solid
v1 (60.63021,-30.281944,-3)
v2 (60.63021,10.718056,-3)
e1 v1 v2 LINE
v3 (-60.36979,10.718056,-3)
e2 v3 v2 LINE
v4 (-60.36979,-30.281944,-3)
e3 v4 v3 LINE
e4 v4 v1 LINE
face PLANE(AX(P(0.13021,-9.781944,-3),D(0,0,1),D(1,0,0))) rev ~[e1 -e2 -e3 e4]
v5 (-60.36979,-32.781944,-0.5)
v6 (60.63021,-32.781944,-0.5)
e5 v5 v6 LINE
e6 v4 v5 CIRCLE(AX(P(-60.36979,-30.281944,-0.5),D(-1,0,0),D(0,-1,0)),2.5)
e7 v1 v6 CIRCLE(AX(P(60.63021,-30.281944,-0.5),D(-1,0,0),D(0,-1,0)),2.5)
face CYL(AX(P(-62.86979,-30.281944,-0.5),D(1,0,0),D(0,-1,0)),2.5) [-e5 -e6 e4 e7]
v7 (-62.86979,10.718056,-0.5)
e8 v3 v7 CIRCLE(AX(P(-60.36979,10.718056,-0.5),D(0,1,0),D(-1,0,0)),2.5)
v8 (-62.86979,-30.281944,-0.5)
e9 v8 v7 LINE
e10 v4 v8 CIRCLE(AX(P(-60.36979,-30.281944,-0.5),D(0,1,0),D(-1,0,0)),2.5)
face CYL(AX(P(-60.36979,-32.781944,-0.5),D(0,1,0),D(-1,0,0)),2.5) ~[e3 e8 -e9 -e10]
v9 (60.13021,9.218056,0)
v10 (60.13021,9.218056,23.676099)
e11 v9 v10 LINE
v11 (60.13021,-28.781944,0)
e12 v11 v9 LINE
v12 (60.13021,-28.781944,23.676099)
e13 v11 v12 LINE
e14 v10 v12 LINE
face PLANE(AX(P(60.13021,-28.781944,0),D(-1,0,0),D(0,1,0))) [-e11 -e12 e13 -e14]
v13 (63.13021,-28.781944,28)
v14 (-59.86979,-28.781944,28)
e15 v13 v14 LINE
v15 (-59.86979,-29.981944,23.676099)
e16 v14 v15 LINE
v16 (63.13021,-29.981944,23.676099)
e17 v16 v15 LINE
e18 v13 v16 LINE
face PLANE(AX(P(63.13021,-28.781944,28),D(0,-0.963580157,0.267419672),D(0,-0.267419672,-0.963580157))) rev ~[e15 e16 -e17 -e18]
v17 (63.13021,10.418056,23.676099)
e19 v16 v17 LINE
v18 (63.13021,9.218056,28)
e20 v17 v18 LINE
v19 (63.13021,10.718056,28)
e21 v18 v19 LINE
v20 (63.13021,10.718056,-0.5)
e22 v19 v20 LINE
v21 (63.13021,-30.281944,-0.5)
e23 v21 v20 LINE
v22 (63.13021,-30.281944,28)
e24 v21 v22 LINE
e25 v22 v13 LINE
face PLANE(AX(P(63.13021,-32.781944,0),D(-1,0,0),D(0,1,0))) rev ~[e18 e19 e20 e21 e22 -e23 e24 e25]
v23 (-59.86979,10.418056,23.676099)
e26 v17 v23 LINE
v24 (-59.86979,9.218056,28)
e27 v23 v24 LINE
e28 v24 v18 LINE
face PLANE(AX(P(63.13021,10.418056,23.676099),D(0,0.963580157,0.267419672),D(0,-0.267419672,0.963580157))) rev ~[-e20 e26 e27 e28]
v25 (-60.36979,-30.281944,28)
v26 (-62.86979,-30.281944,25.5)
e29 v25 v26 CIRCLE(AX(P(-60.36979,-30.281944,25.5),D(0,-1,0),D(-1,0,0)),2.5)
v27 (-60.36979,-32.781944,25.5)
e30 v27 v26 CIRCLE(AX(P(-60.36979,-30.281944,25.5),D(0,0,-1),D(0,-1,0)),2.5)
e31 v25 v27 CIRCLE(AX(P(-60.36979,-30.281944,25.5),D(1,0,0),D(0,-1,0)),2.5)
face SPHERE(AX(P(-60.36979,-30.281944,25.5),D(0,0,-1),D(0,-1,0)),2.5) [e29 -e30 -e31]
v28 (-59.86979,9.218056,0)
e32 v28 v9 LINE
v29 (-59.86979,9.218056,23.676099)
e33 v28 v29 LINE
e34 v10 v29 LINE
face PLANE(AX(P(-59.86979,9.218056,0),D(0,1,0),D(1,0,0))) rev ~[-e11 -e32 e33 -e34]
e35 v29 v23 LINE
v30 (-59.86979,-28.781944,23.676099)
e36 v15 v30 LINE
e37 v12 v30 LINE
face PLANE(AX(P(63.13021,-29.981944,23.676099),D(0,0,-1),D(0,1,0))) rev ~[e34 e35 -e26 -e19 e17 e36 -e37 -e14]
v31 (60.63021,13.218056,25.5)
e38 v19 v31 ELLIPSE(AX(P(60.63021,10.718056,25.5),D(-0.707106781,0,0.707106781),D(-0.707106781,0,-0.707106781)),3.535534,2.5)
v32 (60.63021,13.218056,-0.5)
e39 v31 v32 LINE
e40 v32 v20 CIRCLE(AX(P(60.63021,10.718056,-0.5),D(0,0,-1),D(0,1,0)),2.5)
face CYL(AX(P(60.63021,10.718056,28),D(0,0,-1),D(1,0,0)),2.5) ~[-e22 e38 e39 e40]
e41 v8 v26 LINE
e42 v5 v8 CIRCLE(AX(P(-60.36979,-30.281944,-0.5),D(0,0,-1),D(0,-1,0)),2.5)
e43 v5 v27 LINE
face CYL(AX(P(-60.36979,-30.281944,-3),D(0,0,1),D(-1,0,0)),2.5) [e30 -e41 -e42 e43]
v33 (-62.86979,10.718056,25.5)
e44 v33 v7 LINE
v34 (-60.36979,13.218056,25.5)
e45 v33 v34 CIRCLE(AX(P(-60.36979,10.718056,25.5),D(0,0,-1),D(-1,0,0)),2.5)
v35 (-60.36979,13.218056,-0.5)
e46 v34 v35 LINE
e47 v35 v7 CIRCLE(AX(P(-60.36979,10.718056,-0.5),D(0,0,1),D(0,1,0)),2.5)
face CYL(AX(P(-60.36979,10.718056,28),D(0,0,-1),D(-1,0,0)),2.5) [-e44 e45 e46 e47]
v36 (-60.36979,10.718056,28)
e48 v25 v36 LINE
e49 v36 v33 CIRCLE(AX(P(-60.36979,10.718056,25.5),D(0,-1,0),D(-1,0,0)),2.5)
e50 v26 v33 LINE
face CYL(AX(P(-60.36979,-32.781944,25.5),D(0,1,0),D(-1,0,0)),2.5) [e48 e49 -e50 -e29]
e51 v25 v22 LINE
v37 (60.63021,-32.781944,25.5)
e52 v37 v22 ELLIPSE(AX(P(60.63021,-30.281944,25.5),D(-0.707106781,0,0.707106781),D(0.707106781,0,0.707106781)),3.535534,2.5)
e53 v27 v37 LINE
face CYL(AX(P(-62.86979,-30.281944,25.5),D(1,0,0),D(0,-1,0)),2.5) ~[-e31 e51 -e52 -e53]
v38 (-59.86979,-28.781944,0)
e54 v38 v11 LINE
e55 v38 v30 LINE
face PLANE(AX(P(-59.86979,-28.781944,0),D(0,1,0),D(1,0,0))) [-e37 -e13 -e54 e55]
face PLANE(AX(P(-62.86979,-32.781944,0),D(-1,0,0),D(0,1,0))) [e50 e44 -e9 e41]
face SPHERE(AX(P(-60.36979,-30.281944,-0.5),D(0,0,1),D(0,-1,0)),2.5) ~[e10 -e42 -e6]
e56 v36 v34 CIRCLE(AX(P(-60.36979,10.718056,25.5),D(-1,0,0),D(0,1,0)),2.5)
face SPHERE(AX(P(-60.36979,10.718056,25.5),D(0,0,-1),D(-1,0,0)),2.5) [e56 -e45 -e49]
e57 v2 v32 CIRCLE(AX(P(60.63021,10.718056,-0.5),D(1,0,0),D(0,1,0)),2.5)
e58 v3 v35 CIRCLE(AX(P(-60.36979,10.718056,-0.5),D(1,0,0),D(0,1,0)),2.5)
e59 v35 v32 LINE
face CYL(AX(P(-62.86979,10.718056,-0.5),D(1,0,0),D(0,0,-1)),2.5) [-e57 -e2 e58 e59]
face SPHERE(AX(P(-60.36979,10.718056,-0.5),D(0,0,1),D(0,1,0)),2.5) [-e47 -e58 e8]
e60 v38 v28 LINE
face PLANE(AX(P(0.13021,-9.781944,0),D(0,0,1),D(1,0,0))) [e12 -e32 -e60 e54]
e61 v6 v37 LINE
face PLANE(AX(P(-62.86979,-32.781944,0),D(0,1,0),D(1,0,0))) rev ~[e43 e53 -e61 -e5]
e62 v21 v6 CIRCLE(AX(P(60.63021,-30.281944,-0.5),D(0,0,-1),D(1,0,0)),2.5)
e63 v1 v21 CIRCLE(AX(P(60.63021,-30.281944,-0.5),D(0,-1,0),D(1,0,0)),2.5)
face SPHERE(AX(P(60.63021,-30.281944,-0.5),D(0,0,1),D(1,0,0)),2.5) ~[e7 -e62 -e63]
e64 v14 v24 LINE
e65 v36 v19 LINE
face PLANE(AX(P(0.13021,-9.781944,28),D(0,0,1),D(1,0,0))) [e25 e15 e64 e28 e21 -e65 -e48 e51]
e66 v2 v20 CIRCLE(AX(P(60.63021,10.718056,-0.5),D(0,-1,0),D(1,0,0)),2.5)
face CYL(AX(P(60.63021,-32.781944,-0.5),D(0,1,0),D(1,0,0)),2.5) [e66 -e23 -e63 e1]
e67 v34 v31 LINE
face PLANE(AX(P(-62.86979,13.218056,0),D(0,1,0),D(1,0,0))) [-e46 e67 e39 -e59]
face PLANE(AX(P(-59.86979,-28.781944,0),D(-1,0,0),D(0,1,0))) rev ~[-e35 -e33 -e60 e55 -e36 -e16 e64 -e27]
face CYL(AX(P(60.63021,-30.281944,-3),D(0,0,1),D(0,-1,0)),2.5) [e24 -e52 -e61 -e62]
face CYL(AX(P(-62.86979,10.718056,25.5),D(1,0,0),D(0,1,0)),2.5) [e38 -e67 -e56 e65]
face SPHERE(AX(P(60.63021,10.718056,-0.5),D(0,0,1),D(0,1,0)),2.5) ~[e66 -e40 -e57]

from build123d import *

# Parameters (mm, degrees)
F0_W     = 126
F0_H     = 46
F0_W_2   = 120
F0_H_2   = 38
F1_DEPTH = 3
F2_DEPTH = 28
F4_DEPTH = 123
F5_R     = 2.5


with BuildPart() as f1:
    # F0 (on Top) → F1 (new body)
    with BuildSketch(Plane.XY):
        with Locations((0.13021, -9.781944)):
            Rectangle(F0_W, F0_H)
        with Locations((0.13021, -9.781944)):
            Rectangle(F0_W_2, F0_H_2, mode=Mode.SUBTRACT)
        with Locations((0.13021, -9.781944)):
            Rectangle(F0_W_2, F0_H_2)
    extrude(amount=-F1_DEPTH)

    # F0 (on Top) → F2 (join)
    with BuildSketch(Plane.XY):
        with Locations((0.13021, -9.781944)):
            Rectangle(F0_W, F0_H)
        with Locations((0.13021, -9.781944)):
            Rectangle(F0_W_2, F0_H_2, mode=Mode.SUBTRACT)
    extrude(amount=F2_DEPTH)

    # F3 (on face) → F4 (cut)
    with BuildSketch(Plane.YZ.offset(63.13021)):
        Polygon((9.218056, 28), (-28.781944, 28), (-29.981944, 23.676099), (-28.781944, 23.676099), (9.218056, 23.676099), (10.418056, 23.676099), align=None)
    extrude(amount=-F4_DEPTH, mode=Mode.SUBTRACT)

    # F5
    f5_edges = [f1.edges().sort_by_distance(p)[0] for p in [
        (63.13021, -32.781944, 12.5),
        (63.13021, 13.218056, 12.5),
        (-62.86979, -32.781944, 12.5),
        (-62.86979, 13.218056, 12.5),
        (0.13021, 13.218056, -3),
        (63.13021, -9.781944, -3),
        (0.13021, -32.781944, -3),
        (-62.86979, -9.781944, -3),
        (0.13021, -32.781944, 28),
        (-62.86979, -9.781944, 28),
        (0.13021, 13.218056, 28),
    ]]
    fillet(f5_edges, radius=F5_R)


solid = f1.part
